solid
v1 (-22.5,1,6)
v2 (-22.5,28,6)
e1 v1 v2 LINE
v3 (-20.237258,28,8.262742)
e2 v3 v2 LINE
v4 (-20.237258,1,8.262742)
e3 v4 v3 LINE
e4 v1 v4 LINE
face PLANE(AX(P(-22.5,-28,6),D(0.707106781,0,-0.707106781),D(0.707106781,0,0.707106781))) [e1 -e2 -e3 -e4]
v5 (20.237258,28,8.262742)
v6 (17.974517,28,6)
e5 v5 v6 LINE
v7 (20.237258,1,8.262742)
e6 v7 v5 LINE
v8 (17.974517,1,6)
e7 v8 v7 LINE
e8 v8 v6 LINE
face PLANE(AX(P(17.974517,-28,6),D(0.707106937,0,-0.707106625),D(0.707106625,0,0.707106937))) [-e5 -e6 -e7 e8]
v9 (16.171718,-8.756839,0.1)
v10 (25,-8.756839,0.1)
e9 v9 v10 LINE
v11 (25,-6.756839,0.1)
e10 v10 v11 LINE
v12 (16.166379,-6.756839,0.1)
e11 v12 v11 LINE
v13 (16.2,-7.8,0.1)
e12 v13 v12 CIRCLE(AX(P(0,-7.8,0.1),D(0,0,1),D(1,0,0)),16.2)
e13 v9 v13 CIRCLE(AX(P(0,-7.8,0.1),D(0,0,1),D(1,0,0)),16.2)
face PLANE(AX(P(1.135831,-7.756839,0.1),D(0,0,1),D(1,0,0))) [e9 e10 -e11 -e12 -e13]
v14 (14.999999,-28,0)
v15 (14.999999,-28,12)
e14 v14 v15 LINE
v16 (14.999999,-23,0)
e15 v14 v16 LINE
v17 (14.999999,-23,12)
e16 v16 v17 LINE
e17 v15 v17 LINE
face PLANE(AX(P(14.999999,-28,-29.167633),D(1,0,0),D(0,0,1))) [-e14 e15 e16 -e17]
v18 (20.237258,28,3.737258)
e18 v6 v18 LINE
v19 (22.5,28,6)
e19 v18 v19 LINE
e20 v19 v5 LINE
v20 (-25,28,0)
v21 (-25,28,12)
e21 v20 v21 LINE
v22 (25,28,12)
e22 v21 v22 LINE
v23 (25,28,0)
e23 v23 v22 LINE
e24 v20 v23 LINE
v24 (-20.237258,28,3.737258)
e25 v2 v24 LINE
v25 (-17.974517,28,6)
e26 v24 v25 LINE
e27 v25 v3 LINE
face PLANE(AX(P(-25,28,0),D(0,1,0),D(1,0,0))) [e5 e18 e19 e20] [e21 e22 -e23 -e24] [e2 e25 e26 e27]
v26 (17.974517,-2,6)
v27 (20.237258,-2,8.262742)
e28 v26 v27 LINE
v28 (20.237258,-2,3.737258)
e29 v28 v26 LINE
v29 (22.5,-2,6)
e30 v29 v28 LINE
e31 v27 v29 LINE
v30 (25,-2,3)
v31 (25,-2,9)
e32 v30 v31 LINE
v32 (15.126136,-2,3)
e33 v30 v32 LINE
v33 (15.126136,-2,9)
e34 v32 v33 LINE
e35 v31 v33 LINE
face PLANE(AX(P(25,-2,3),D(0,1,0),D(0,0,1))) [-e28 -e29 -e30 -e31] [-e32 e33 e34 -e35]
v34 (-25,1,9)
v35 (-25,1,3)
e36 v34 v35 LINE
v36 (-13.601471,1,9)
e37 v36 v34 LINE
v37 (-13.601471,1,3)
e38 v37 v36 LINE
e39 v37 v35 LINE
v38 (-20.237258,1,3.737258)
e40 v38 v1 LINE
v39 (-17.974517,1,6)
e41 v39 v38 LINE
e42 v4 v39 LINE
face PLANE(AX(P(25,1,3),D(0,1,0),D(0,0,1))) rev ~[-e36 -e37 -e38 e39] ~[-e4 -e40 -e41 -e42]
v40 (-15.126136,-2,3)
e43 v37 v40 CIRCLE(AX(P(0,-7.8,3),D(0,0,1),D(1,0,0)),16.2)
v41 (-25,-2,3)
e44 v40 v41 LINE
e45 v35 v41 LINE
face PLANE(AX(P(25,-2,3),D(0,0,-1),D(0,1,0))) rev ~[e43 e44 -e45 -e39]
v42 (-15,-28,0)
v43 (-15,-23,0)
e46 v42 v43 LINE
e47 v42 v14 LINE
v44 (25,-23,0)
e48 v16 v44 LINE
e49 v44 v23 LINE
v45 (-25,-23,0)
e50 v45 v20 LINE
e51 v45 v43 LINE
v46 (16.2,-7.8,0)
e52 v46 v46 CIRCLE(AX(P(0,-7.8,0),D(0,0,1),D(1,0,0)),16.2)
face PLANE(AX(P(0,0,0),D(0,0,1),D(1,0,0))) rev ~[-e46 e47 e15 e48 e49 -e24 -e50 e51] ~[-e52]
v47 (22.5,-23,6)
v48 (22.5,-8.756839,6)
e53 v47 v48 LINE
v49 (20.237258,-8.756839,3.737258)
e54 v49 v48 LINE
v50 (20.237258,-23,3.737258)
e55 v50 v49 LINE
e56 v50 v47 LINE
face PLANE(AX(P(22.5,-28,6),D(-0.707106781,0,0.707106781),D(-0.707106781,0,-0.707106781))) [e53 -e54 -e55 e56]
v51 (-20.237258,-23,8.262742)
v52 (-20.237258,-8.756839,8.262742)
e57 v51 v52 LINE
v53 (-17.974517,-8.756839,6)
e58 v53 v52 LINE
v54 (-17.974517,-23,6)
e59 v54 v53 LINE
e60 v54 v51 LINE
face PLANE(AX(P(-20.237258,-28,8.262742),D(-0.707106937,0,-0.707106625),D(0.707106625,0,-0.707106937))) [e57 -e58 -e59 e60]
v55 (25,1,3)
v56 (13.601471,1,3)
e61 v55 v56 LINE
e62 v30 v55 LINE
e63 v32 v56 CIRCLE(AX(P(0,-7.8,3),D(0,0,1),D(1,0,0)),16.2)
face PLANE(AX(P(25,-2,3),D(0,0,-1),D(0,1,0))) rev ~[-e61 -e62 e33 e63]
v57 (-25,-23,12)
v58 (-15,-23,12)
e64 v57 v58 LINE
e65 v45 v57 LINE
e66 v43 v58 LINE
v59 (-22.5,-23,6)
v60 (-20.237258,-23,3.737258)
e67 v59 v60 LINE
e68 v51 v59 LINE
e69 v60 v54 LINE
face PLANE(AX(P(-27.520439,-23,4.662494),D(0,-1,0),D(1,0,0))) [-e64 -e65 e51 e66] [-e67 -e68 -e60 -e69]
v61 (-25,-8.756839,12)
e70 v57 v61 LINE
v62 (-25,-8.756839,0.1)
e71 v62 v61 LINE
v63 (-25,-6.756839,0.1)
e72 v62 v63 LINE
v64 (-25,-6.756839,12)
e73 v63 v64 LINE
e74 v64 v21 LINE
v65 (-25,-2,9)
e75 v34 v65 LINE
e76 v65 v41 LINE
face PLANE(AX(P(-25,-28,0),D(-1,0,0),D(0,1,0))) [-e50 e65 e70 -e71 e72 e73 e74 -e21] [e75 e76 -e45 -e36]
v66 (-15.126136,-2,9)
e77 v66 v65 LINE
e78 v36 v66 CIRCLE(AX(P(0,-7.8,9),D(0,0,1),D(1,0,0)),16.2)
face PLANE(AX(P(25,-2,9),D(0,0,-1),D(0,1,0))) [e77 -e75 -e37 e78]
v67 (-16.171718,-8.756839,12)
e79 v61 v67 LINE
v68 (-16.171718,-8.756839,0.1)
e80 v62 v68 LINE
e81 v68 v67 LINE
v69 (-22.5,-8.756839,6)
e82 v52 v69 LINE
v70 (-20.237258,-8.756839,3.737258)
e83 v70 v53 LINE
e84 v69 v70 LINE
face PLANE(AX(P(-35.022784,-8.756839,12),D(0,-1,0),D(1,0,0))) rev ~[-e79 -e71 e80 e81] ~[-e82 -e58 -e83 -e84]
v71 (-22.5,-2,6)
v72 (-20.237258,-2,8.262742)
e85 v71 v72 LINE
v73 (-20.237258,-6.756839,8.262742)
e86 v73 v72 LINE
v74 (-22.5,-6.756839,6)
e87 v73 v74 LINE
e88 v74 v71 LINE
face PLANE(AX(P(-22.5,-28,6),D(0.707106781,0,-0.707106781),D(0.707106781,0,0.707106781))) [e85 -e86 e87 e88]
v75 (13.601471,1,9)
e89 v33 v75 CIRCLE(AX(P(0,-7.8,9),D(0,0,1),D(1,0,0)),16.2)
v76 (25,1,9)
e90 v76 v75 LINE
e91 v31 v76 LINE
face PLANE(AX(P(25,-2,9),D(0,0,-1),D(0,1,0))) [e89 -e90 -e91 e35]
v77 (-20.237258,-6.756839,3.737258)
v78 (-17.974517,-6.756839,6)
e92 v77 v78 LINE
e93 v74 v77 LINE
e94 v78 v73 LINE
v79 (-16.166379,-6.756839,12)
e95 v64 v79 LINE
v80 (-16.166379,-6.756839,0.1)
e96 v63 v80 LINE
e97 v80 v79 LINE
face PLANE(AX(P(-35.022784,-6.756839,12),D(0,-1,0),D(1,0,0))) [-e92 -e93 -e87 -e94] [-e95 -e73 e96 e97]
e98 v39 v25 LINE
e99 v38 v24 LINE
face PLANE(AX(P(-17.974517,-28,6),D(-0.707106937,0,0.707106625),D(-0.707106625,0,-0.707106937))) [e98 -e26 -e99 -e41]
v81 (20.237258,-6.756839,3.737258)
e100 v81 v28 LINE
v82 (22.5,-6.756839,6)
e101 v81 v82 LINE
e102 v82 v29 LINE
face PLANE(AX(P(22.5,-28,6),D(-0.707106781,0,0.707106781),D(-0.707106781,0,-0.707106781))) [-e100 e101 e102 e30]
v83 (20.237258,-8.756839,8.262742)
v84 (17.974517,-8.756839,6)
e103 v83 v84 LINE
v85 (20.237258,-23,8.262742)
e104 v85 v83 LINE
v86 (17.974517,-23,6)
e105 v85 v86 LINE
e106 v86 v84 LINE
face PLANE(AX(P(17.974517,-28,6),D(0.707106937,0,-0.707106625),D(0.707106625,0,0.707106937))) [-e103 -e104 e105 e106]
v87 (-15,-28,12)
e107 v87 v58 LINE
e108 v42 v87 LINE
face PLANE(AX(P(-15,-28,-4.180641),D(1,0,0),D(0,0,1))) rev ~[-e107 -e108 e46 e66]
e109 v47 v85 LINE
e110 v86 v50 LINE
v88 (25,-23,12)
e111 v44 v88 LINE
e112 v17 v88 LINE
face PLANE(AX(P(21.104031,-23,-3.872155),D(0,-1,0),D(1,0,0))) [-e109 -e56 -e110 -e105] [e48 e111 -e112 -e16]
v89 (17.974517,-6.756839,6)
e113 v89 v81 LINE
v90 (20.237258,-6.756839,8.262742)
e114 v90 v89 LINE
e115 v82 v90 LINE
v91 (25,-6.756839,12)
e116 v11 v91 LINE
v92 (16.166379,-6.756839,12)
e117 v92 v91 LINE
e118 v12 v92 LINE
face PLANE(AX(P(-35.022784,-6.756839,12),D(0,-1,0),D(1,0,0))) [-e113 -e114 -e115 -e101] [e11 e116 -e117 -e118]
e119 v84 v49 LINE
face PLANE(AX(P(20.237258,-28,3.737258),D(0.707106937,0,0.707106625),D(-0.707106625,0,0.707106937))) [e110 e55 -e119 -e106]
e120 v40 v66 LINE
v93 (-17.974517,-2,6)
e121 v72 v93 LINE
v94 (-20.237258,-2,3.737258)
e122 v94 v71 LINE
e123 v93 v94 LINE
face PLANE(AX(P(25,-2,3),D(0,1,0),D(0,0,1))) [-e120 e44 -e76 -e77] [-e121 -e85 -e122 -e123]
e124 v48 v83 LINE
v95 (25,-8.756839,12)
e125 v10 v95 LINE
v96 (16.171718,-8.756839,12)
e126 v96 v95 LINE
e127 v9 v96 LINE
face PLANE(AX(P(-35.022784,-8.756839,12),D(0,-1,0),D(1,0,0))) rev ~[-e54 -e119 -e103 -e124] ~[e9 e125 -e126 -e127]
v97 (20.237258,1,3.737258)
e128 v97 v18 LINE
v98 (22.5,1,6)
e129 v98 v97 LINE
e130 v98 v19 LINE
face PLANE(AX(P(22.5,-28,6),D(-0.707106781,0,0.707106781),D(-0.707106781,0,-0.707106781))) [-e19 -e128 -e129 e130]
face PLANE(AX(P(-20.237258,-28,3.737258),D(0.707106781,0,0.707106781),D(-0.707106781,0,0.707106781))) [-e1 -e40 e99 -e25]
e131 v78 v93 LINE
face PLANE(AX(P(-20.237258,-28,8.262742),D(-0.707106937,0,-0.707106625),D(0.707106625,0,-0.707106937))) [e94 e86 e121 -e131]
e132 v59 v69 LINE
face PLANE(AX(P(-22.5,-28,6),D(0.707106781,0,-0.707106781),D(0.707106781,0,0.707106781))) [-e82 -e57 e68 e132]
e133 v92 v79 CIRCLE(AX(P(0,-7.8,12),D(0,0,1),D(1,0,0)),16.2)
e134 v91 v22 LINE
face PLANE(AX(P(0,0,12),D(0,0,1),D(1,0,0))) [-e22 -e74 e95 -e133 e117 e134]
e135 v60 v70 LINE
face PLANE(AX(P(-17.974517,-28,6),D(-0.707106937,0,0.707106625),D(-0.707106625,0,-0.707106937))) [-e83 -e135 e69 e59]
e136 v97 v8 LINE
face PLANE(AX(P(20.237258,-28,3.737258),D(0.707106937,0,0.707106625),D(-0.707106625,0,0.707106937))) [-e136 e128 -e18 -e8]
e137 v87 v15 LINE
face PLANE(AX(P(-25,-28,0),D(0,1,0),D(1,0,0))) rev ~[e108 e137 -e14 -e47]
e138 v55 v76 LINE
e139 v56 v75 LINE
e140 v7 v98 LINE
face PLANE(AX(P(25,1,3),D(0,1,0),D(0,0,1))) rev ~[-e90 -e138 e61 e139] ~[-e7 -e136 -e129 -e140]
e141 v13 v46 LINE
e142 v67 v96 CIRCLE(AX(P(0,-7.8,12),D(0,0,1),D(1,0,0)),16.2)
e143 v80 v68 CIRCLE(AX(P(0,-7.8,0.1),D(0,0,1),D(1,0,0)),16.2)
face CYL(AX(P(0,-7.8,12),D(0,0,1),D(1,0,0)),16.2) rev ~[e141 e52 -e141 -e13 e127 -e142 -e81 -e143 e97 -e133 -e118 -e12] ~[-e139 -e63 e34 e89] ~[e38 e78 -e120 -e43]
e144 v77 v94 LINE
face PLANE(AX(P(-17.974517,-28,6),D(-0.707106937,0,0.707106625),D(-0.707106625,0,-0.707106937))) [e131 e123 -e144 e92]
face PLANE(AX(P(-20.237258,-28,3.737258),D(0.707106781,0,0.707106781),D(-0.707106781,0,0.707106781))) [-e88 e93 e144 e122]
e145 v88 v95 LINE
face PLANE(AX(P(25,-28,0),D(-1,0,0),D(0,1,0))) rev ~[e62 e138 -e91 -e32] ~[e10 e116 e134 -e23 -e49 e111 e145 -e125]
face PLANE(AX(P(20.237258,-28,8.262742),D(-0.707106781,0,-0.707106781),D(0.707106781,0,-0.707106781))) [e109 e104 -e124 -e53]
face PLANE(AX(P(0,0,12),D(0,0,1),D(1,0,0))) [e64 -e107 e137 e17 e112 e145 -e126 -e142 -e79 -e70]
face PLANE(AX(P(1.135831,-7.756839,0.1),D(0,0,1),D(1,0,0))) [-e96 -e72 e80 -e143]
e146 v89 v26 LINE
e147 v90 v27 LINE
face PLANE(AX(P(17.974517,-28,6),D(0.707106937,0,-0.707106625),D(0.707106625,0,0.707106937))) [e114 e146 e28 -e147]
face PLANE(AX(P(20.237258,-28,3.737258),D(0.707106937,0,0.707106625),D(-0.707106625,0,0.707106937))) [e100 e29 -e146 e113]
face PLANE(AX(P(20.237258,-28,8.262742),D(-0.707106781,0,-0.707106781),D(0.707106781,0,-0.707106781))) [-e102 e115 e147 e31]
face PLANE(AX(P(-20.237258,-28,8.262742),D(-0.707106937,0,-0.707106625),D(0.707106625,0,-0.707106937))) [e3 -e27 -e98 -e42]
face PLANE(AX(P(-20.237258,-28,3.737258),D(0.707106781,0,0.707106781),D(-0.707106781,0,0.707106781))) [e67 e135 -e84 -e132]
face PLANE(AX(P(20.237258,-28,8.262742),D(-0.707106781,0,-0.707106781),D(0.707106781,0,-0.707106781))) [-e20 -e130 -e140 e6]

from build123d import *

# Parameters (mm, degrees)
SKETCH_W        = 50
SKETCH_H        = 56
PAD_DEPTH       = 12
SKETCH001_R     = 16.2
POCKET_DEPTH    = 12.001
POCKET001_DEPTH = 56.001
SKETCH003_W     = 3
SKETCH003_H     = 6
POCKET002_DEPTH = 50.001
SKETCH004_W     = 72.31723
SKETCH004_H     = 2
POCKET003_DEPTH = 11.9
SKETCH005_W     = 25.040878
SKETCH005_H     = 17.68627
SKETCH005_W_2   = 12.208063
SKETCH005_H_2   = 50.590956
POCKET004_DEPTH = 5


with BuildPart() as part:
    # Sketch → Pad (new body)
    with BuildSketch(Plane.XY):
        Rectangle(SKETCH_W, SKETCH_H)
    extrude(amount=PAD_DEPTH)

    # Sketch001 → Pocket (cut, through all)
    with BuildSketch(Plane.XY.offset(12)):
        with Locations((0, -7.8)):
            Circle(SKETCH001_R)
    extrude(amount=-POCKET_DEPTH, mode=Mode.SUBTRACT)

    # Sketch002 → Pocket001 (cut, through all)
    with BuildSketch(Plane.XZ.offset(28)):
        Polygon((-22.5, 6), (-20.237258, 8.262742), (-17.974517, 6), (-20.237258, 3.737258), align=None)
        Polygon((17.974517, 6), (20.237258, 8.262742), (22.5, 6), (20.237258, 3.737258), align=None)
    extrude(amount=-POCKET001_DEPTH, mode=Mode.SUBTRACT)

    # Sketch003 → Pocket002 (cut, through all)
    with BuildSketch(Plane.YZ.offset(25)):
        with Locations((-0.5, 6)):
            Rectangle(SKETCH003_W, SKETCH003_H)
    extrude(amount=-POCKET002_DEPTH, mode=Mode.SUBTRACT)

    # Sketch004 → Pocket003 (cut)
    with BuildSketch(Plane.XY.offset(12)):
        with Locations((1.135831, -7.756839)):
            Rectangle(SKETCH004_W, SKETCH004_H)
    extrude(amount=-POCKET003_DEPTH, mode=Mode.SUBTRACT)

    # Sketch005 → Pocket004 (cut)
    with BuildSketch(Plane.XZ.offset(28)):
        with Locations((-27.520439, 4.662494)):
            Rectangle(SKETCH005_W, SKETCH005_H)
        with Locations((21.104031, -3.872155)):
            Rectangle(SKETCH005_W_2, SKETCH005_H_2)
    extrude(amount=-POCKET004_DEPTH, mode=Mode.SUBTRACT)


solid = part.part
